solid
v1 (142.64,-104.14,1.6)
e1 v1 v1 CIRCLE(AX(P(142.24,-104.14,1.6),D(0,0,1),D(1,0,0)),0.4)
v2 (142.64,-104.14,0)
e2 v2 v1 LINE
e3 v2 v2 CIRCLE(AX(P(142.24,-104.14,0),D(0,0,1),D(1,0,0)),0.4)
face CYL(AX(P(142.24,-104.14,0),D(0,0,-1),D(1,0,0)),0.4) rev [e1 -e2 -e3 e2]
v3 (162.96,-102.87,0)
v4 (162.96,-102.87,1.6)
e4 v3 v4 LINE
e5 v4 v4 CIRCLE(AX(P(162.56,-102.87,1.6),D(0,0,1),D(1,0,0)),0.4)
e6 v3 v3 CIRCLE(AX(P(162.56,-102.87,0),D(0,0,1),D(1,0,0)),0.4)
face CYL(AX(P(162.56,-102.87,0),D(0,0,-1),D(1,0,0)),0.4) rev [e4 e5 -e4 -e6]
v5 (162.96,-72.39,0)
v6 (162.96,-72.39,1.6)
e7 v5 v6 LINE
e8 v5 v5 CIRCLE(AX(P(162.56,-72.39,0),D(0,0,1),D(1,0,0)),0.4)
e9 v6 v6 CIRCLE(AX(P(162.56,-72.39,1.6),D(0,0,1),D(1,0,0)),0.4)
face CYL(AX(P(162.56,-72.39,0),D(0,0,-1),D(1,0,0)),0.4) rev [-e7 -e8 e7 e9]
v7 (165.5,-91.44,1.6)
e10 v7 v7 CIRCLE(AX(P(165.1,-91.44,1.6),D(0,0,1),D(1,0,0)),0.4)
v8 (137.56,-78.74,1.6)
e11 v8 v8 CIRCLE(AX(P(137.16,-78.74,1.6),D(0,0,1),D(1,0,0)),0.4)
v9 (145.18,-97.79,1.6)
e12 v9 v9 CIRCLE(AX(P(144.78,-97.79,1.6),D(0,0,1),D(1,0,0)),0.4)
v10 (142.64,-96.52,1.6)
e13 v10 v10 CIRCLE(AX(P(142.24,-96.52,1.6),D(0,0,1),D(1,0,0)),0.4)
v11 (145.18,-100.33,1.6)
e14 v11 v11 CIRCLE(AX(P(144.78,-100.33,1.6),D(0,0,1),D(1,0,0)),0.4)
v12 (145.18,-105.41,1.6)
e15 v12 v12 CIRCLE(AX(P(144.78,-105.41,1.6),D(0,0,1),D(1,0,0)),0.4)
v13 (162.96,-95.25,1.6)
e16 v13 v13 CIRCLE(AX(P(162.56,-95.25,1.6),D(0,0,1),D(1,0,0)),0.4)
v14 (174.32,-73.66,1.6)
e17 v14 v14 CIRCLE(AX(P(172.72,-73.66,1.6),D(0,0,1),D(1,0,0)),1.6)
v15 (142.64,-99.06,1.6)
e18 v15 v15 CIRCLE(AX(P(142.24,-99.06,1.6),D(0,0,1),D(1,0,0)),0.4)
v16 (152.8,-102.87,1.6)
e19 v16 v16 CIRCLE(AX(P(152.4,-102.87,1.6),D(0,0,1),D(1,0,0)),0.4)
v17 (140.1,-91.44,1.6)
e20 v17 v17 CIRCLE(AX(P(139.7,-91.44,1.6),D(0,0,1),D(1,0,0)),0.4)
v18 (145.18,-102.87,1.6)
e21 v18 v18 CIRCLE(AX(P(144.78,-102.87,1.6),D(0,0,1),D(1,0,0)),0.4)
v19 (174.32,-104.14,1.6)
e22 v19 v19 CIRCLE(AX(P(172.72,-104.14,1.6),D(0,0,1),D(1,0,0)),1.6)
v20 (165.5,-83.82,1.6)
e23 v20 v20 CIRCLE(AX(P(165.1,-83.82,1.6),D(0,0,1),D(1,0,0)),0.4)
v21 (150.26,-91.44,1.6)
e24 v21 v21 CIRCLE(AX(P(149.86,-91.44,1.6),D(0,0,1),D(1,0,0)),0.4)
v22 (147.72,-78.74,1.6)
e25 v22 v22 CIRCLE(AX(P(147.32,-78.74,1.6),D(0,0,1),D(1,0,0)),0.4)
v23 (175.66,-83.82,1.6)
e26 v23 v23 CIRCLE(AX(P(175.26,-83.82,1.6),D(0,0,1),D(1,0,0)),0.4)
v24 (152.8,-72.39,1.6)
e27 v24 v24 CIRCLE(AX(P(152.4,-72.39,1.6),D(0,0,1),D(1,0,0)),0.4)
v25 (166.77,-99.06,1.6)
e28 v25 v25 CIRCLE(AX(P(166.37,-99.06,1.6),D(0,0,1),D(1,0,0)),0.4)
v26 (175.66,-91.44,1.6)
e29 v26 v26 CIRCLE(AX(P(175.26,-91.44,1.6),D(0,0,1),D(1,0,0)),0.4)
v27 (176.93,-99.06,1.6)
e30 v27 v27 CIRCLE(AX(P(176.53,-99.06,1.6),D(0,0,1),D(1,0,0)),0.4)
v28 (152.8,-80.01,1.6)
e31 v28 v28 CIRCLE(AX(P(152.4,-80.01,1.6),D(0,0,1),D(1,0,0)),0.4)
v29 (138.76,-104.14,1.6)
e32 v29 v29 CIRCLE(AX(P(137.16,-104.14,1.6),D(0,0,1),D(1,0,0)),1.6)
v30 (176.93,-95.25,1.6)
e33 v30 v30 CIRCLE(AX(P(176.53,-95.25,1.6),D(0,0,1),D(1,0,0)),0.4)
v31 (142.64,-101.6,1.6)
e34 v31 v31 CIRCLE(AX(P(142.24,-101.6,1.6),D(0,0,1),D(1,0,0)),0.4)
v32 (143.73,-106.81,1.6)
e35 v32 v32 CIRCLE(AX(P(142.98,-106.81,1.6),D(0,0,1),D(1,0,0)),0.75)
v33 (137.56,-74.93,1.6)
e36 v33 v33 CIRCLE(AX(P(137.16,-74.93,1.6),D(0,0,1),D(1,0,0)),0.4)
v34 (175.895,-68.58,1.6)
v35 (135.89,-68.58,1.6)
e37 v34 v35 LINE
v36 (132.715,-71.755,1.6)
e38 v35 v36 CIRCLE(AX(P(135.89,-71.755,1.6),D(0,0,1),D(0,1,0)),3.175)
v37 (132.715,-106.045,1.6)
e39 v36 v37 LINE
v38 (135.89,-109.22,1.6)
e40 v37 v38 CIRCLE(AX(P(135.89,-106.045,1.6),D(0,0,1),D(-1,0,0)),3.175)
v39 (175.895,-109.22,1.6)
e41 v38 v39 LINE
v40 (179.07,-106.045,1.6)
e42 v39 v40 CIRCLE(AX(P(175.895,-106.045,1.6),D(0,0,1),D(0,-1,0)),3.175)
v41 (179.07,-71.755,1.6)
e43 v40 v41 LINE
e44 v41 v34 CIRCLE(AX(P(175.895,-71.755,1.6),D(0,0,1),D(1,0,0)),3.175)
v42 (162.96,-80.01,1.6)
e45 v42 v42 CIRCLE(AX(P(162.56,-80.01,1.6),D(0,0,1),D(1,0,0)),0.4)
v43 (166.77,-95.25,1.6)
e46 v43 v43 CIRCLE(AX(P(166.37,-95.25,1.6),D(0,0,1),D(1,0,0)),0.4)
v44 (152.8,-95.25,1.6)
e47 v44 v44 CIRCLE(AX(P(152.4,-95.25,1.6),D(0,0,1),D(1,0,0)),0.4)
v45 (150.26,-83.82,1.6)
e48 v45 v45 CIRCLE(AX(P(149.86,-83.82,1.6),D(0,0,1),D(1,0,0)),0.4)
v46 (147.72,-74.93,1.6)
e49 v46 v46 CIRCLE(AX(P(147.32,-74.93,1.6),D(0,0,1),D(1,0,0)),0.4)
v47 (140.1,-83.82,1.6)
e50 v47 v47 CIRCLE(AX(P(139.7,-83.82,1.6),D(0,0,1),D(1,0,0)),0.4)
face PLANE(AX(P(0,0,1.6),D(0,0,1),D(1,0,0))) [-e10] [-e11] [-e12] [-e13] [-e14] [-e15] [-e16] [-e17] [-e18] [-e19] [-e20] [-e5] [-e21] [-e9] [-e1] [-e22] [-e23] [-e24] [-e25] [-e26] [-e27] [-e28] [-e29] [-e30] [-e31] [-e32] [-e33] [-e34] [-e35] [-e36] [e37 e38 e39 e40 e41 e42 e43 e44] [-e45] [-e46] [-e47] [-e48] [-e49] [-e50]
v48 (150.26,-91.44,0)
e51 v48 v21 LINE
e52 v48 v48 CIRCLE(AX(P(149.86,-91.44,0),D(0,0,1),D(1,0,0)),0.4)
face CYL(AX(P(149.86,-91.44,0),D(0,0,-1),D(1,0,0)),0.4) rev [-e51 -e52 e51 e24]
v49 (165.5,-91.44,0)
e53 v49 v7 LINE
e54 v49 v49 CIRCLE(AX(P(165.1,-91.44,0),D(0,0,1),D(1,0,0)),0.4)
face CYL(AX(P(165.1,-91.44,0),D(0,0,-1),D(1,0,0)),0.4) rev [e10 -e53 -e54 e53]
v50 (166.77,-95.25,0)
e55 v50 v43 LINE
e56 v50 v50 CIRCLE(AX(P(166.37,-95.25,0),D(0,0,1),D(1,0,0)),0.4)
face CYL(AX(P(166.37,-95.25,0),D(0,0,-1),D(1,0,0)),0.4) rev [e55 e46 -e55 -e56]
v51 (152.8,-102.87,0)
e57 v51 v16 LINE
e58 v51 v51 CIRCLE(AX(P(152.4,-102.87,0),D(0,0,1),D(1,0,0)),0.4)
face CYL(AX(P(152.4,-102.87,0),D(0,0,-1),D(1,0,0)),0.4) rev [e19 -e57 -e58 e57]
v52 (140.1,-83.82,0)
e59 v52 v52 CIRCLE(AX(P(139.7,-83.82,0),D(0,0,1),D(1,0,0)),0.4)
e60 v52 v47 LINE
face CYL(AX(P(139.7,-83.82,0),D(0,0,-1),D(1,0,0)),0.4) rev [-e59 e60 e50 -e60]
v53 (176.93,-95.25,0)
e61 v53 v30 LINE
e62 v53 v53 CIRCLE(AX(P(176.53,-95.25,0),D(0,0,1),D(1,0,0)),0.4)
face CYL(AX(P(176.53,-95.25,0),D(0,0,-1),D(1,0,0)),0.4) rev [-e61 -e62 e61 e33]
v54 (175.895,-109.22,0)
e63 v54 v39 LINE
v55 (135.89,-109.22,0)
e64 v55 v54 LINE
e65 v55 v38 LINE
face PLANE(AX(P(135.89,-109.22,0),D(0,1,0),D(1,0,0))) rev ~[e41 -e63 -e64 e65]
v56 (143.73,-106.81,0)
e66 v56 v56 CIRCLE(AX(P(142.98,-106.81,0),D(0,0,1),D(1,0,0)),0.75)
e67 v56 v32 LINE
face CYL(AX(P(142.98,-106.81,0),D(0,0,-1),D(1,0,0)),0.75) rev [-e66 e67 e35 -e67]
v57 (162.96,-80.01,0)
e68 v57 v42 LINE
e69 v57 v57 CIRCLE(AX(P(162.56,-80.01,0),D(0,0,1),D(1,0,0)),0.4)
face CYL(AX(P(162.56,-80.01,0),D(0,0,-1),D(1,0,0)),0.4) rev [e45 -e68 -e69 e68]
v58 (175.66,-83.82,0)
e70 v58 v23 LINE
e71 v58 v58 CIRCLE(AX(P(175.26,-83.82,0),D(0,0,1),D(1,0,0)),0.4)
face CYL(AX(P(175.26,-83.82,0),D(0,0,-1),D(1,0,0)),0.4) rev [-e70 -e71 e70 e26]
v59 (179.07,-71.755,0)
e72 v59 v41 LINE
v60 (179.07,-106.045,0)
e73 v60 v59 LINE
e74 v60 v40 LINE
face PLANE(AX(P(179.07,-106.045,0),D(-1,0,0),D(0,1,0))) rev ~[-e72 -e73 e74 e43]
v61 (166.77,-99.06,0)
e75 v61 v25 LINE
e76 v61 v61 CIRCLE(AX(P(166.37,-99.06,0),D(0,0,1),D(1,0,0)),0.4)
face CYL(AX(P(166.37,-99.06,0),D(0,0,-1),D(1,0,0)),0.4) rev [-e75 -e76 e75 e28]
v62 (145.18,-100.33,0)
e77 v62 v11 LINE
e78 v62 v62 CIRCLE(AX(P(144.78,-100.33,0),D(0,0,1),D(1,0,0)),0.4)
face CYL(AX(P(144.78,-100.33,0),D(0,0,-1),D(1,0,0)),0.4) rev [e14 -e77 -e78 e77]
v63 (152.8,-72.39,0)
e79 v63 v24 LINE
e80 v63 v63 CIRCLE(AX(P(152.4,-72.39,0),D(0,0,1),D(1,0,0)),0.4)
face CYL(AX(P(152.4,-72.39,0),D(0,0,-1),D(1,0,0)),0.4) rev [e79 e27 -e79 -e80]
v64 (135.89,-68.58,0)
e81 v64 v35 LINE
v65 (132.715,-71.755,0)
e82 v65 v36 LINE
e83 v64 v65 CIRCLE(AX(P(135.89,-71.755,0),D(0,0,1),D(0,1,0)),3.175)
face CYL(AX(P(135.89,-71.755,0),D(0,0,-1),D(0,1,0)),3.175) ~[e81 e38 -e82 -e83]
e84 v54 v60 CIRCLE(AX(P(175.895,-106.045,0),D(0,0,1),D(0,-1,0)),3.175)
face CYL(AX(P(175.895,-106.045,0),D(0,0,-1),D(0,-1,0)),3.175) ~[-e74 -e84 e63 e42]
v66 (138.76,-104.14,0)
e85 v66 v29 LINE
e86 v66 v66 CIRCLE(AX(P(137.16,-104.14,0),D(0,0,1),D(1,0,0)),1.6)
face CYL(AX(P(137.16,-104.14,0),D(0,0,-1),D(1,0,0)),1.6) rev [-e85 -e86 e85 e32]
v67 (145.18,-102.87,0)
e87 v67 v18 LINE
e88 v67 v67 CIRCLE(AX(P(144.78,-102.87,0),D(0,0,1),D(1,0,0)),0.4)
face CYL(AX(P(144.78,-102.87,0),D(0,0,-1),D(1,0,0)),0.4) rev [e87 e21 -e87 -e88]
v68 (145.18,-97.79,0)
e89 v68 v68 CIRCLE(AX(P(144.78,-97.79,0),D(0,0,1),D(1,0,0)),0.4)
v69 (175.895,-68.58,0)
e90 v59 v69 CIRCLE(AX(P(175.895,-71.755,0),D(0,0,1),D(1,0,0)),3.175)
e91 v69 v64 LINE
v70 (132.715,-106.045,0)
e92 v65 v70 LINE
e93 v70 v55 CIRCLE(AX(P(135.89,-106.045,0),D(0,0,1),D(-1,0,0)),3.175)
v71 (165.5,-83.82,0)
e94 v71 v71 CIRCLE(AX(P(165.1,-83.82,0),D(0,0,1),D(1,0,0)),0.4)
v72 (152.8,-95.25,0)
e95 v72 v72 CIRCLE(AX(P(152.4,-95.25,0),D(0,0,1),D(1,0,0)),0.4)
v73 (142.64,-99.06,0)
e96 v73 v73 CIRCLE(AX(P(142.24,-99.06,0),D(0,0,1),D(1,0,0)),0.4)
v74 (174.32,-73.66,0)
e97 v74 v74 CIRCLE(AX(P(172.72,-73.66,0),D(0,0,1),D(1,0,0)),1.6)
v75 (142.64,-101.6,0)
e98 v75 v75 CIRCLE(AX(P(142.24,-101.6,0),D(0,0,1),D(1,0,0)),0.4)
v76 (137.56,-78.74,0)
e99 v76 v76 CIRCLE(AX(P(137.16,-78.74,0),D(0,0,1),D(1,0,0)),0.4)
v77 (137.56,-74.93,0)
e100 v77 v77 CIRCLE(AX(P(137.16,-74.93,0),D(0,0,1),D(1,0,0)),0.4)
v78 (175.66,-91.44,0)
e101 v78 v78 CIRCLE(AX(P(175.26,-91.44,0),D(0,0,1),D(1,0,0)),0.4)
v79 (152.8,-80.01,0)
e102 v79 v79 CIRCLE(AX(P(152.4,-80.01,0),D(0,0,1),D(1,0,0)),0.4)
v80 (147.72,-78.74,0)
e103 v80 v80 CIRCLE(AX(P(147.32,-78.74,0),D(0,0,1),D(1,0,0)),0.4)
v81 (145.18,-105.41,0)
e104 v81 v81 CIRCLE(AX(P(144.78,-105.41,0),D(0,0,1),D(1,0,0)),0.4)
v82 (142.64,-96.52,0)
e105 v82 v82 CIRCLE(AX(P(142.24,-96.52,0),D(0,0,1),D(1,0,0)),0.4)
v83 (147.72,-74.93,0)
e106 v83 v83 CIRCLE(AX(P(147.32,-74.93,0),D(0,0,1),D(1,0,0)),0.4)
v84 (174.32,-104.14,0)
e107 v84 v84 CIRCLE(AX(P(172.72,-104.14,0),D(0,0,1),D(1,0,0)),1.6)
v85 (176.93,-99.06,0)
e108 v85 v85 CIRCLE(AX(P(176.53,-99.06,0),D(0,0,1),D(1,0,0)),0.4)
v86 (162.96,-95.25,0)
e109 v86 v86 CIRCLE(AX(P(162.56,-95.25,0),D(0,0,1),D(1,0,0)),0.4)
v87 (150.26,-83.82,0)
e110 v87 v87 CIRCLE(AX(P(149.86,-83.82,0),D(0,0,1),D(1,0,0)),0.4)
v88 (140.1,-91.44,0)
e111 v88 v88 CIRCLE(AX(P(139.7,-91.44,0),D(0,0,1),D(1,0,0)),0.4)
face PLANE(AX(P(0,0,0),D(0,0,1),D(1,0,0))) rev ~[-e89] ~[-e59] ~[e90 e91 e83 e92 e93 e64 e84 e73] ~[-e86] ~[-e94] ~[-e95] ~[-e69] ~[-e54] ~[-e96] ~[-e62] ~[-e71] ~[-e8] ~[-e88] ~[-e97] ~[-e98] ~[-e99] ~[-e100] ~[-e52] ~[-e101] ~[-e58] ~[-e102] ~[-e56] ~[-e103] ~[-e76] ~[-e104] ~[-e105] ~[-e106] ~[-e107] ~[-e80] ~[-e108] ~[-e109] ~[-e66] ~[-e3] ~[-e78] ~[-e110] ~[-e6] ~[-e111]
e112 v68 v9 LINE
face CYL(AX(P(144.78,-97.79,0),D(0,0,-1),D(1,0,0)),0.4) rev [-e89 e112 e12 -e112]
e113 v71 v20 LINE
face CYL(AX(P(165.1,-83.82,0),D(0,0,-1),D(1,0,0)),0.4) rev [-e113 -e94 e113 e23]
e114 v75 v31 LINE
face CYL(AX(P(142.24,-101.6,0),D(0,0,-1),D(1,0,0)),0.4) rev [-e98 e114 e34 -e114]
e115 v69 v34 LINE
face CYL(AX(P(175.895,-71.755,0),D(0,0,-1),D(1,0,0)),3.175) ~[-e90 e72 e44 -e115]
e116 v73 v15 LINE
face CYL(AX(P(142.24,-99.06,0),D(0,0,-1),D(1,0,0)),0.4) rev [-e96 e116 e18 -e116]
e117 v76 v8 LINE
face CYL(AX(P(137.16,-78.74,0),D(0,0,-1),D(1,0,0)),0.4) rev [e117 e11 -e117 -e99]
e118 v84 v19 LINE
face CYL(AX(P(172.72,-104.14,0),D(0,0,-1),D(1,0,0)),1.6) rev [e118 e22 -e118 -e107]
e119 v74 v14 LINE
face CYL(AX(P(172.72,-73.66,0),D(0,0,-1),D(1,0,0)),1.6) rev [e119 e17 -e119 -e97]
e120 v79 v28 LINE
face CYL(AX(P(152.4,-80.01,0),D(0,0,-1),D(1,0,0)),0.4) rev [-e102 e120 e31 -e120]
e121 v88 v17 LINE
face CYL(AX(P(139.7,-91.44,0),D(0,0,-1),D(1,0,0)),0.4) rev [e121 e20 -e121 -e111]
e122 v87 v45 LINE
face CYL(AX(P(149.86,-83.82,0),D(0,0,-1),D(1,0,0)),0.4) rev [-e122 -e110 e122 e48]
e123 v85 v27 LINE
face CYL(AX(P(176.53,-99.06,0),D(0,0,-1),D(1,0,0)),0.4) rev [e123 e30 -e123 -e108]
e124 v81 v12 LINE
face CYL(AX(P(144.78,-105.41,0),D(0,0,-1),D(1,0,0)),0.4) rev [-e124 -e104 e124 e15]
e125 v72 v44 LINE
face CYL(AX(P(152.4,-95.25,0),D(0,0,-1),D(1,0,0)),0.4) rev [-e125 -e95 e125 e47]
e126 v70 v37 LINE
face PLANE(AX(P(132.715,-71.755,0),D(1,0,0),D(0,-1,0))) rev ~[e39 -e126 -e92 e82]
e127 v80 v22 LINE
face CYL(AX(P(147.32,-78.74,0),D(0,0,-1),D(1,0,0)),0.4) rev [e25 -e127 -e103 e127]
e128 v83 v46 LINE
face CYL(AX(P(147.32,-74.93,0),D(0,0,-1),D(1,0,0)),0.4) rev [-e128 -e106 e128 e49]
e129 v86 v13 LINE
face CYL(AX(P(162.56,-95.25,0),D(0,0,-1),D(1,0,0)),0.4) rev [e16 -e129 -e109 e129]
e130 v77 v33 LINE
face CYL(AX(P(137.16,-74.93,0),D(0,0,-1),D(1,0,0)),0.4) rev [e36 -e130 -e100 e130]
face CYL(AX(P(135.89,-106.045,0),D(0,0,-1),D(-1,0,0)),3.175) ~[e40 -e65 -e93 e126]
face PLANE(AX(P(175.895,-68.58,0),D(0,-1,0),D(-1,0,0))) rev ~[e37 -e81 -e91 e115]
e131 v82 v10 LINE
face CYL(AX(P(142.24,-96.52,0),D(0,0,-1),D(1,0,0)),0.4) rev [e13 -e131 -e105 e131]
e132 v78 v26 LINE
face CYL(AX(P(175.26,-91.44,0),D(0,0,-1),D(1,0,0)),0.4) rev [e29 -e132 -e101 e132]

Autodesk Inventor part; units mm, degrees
ref_plane "Plan YZ" through (0, 0, 0) normal (1, 0, 0) x (0, 1, 0)
ref_plane "Plan XZ" through (0, 0, 0) normal (0, 1, 0) x (-1, 0, 0)
ref_plane "Plan XY" through (0, 0, 0) normal (0, 0, 1) x (1, 0, 0)
sketch "Esquisse1" plane through (0, 0, 0) normal (0, 0, 1) x (1, 0, 0)
  point P0 (0, 0)
sketch "Esquisse6" plane through (0, 0, 0) normal (0, 0, 1) x (1, 0, 0)
  arc A0 (135.89, -68.58) -> (132.715, -71.755) centre (135.89, -71.755) ccw
  line L0 (132.715, -71.755) -> (132.715, -106.045)
  arc A1 (132.715, -106.045) -> (135.89, -109.22) centre (135.89, -106.045) ccw
  line L1 (135.89, -109.22) -> (175.895, -109.22)
  arc A2 (175.895, -109.22) -> (179.07, -106.045) centre (175.895, -106.045) ccw
  line L2 (179.07, -106.045) -> (179.07, -71.755)
  arc A3 (179.07, -71.755) -> (175.895, -68.58) centre (175.895, -71.755) ccw
  line L3 (175.895, -68.58) -> (135.89, -68.58)
  circle A4 centre (142.24, -96.52) radius 0.4
  circle A5 centre (144.78, -97.79) radius 0.4
  circle A6 centre (142.24, -99.06) radius 0.4
  circle A7 centre (144.78, -100.33) radius 0.4
  circle A8 centre (142.24, -101.6) radius 0.4
  circle A9 centre (144.78, -102.87) radius 0.4
  circle A10 centre (142.24, -104.14) radius 0.4
  circle A11 centre (144.78, -105.41) radius 0.4
  circle A12 centre (137.16, -78.74) radius 0.4
  circle A13 centre (147.32, -78.74) radius 0.4
  circle A14 centre (166.37, -99.06) radius 0.4
  circle A15 centre (176.53, -99.06) radius 0.4
  circle A16 centre (176.53, -95.25) radius 0.4
  circle A17 centre (166.37, -95.25) radius 0.4
  circle A18 centre (147.32, -74.93) radius 0.4
  circle A19 centre (137.16, -74.93) radius 0.4
  circle A20 centre (149.86, -83.82) radius 0.4
  circle A21 centre (139.7, -83.82) radius 0.4
  circle A22 centre (149.86, -91.44) radius 0.4
  circle A23 centre (139.7, -91.44) radius 0.4
  circle A24 centre (162.56, -95.25) radius 0.4
  circle A25 centre (152.4, -95.25) radius 0.4
  circle A26 centre (162.56, -102.87) radius 0.4
  circle A27 centre (152.4, -102.87) radius 0.4
  circle A28 centre (175.26, -83.82) radius 0.4
  circle A29 centre (165.1, -83.82) radius 0.4
  circle A30 centre (175.26, -91.44) radius 0.4
  circle A31 centre (165.1, -91.44) radius 0.4
  circle A32 centre (162.56, -72.39) radius 0.4
  circle A33 centre (152.4, -72.39) radius 0.4
  circle A34 centre (162.56, -80.01) radius 0.4
  circle A35 centre (152.4, -80.01) radius 0.4
  circle A36 centre (142.98, -106.81) radius 0.75
  circle A37 centre (137.16, -104.14) radius 1.6
  circle A38 centre (172.72, -104.14) radius 1.6
  circle A39 centre (172.72, -73.66) radius 1.6
extrude "manette_2019_boutons.kicad_pcb_Contour" add sketch "Esquisse6" along normal blind 1.6
properties part number "manette_2019_boutons.kicad_pcb_Contour" material "."
